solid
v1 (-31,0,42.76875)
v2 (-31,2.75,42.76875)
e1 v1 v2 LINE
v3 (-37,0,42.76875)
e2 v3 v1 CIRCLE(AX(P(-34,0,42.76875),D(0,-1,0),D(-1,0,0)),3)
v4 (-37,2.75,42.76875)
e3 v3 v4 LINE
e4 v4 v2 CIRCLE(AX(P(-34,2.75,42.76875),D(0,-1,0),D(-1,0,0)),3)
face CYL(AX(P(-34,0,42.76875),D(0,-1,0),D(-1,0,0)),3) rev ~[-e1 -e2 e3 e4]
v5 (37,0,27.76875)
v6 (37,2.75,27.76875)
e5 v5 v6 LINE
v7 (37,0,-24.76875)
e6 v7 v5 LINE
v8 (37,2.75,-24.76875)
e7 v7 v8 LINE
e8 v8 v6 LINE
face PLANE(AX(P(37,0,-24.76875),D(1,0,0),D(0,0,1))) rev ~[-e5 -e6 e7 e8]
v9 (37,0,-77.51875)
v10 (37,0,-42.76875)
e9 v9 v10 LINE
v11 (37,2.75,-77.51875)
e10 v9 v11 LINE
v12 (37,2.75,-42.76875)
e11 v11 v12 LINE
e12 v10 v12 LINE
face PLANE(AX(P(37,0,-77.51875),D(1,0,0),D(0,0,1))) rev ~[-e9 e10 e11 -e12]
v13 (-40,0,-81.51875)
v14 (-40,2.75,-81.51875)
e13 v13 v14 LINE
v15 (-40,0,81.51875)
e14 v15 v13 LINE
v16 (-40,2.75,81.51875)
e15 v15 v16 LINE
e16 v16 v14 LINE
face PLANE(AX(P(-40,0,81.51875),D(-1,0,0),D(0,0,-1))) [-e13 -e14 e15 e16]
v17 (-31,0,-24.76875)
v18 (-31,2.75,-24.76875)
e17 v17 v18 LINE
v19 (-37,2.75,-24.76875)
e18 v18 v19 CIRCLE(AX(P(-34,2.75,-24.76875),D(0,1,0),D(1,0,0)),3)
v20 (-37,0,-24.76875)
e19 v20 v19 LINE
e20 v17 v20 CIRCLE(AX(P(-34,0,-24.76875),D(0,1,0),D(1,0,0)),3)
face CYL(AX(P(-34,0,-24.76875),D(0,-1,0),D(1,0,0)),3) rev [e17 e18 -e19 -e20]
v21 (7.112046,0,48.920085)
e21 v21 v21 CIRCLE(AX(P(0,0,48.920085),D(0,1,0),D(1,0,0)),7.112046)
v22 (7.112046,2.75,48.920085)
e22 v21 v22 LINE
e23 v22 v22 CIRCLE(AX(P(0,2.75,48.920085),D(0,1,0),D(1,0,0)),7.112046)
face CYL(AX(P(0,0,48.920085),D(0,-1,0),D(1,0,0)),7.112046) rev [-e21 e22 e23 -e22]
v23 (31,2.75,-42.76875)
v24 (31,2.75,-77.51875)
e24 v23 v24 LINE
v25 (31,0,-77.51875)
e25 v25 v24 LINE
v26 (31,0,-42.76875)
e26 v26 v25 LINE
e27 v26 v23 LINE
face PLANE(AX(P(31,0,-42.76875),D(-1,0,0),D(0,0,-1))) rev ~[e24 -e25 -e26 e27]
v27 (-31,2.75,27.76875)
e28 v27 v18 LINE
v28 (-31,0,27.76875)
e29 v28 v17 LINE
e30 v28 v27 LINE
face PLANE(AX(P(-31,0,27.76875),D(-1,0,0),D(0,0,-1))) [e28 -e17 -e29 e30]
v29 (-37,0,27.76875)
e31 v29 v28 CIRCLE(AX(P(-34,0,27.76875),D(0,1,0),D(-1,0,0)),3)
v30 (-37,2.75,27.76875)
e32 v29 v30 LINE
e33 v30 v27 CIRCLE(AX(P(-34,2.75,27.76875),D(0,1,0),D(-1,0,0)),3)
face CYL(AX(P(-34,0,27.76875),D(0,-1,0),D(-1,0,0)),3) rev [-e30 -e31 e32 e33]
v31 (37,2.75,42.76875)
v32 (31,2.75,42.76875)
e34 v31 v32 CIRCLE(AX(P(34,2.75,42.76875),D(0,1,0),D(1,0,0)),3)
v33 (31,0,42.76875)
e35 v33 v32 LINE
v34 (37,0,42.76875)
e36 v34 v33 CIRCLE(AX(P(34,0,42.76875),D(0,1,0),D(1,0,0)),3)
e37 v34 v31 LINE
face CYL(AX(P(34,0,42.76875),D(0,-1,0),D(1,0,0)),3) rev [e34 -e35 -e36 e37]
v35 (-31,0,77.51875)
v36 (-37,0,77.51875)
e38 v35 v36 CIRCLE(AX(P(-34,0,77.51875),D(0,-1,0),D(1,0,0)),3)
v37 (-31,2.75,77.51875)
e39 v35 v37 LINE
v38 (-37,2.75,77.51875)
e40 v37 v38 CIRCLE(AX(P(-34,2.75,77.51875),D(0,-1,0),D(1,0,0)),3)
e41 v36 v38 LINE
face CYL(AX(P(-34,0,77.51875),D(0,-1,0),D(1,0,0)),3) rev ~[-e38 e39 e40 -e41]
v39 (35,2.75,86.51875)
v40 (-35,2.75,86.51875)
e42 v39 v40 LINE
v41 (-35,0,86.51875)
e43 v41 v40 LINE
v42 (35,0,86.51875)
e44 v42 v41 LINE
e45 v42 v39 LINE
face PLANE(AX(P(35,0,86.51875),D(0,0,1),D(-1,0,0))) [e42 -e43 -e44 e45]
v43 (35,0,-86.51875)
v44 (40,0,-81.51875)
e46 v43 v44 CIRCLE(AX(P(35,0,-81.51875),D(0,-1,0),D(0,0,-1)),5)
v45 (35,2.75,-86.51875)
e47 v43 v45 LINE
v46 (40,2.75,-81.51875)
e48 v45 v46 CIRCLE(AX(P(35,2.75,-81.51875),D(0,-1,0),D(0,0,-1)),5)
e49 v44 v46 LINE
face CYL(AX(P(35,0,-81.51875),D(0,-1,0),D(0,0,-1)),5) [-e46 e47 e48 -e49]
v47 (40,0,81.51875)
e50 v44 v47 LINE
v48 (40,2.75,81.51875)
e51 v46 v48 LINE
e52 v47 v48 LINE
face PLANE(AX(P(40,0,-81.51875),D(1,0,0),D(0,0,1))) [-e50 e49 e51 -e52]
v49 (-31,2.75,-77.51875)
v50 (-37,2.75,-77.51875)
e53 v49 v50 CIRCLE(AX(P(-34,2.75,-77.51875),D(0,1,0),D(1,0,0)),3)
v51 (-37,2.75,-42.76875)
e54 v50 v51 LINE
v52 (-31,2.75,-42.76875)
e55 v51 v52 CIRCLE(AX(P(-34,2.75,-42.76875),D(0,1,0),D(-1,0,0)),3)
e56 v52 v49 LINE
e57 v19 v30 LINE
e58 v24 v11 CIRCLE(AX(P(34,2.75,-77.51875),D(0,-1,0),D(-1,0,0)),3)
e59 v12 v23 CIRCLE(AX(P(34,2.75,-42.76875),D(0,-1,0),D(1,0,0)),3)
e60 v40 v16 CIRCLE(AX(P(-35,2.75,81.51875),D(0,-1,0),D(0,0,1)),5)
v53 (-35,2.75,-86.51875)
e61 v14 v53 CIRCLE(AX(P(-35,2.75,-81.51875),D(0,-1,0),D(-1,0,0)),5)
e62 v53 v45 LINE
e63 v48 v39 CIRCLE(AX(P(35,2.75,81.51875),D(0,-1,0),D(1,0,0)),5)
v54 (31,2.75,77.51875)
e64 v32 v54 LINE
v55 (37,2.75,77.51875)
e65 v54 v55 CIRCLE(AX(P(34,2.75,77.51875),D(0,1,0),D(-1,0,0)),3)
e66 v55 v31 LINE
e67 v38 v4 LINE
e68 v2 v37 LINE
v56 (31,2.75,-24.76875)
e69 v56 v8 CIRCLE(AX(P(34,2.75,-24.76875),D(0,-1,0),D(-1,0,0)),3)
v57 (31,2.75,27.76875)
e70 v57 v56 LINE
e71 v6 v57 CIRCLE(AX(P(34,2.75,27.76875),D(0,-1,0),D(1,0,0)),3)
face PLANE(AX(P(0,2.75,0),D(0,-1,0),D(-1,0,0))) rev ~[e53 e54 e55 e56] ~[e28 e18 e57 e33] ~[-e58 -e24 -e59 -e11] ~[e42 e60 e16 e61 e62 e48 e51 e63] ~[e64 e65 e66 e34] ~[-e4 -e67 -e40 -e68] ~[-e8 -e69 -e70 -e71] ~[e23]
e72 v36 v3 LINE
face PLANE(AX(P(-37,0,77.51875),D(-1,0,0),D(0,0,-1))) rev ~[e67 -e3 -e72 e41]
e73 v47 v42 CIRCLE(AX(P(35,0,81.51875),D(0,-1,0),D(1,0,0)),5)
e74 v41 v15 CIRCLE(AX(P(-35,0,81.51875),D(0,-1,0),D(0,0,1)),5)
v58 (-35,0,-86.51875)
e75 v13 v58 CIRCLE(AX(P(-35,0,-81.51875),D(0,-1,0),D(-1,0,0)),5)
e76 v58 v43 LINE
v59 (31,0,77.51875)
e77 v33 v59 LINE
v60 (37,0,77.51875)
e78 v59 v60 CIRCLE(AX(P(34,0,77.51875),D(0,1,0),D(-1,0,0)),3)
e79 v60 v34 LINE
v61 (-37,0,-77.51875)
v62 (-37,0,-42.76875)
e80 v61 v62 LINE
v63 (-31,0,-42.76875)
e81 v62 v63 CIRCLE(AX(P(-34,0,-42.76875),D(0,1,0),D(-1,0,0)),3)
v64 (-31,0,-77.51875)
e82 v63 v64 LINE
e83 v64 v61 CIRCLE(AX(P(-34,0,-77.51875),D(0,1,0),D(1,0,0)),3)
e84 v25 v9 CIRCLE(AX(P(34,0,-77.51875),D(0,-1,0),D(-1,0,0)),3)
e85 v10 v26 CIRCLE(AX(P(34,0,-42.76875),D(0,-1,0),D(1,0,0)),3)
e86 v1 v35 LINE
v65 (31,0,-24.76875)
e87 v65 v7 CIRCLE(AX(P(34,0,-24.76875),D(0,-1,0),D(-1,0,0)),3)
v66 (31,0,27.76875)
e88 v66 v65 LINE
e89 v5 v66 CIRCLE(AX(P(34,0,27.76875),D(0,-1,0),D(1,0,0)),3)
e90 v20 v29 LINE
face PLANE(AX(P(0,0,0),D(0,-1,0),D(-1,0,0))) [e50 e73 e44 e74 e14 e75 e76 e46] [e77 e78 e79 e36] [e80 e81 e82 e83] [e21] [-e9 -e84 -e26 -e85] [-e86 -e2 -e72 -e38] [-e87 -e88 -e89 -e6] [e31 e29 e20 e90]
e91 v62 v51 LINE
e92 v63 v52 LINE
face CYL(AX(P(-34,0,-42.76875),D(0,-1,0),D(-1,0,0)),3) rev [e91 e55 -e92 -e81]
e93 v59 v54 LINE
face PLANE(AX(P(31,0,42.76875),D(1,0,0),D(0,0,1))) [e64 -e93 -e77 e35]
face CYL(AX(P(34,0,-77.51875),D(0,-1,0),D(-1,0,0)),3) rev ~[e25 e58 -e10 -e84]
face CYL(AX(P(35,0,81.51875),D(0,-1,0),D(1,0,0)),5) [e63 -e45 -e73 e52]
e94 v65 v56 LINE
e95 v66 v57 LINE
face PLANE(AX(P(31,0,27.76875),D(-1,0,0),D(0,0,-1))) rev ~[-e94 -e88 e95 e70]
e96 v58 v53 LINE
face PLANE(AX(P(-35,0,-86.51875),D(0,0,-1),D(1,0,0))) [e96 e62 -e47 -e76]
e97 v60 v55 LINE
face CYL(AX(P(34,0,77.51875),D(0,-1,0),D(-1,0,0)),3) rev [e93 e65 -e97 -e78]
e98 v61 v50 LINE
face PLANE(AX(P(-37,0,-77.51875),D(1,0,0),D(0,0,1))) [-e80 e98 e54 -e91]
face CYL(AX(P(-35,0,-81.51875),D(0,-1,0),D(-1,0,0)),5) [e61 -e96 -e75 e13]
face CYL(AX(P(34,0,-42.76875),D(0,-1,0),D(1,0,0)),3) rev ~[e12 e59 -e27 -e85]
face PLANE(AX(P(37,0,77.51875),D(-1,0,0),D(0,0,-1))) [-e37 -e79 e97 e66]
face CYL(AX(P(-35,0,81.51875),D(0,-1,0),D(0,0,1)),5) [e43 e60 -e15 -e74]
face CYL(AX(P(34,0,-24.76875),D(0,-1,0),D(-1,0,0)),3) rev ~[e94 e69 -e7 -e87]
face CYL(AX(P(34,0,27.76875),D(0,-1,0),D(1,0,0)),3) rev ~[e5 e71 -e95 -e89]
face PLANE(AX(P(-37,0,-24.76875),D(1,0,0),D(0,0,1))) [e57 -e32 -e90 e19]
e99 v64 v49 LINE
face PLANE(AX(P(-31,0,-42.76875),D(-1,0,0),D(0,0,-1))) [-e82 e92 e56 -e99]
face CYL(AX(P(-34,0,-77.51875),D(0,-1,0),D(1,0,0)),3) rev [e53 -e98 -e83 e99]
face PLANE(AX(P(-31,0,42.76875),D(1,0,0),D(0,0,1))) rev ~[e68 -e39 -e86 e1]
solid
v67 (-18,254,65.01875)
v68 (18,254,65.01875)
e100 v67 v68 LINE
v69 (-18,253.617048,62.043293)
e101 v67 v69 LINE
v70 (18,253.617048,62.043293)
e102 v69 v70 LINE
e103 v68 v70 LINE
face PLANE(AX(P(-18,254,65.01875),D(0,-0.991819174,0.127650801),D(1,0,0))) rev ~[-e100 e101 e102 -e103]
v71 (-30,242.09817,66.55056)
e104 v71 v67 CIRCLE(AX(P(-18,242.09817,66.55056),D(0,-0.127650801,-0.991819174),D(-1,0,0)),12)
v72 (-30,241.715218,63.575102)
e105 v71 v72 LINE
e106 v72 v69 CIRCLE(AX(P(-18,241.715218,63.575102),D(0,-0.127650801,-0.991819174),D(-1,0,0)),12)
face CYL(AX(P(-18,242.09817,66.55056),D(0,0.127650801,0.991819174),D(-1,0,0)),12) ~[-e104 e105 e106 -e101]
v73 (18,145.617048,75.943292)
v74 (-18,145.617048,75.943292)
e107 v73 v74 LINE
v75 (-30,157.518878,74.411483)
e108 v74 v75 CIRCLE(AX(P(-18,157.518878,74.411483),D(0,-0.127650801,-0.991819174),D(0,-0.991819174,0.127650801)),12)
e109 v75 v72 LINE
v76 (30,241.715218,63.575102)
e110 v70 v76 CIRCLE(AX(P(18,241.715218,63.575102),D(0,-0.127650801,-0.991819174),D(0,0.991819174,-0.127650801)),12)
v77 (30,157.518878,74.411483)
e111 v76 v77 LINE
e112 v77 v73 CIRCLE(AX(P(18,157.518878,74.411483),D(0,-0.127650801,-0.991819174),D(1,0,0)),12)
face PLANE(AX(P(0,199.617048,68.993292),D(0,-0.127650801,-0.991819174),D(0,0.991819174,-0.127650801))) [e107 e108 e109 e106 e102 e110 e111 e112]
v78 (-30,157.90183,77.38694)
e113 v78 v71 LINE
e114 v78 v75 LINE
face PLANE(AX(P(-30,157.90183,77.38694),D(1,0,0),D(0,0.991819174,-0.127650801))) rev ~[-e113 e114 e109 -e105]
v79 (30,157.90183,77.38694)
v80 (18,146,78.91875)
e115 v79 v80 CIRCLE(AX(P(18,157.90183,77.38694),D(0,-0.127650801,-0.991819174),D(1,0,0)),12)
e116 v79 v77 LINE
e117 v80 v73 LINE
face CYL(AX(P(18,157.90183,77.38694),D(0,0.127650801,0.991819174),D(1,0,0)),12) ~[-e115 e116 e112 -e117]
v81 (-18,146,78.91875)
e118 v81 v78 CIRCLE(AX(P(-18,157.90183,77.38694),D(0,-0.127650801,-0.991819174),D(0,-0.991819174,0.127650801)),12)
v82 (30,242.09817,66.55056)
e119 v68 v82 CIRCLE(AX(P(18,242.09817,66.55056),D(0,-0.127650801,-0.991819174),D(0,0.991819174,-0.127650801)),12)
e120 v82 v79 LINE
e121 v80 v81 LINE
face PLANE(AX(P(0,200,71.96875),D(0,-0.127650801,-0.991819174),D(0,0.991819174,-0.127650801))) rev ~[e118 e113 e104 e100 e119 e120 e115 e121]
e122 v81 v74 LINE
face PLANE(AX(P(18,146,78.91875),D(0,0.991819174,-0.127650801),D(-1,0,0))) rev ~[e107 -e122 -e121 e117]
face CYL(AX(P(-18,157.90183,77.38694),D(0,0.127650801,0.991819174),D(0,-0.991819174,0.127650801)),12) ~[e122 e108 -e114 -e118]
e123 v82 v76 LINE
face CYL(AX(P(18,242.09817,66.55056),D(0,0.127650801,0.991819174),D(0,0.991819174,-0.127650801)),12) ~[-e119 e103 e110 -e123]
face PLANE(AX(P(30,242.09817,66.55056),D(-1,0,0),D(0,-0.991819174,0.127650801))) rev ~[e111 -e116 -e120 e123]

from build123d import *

# Parameters (mm, degrees)
SKETCH1_R           = 7.112045721
BOSS_EXTRUDE1_DEPTH = 2.75
BOSS_EXTRUDE2_DEPTH = 3


with BuildPart() as part:
    # Sketch1 → Boss-Extrude1 (new body)
    with BuildSketch(Plane(origin=(0, 0, 0), x_dir=(1, 0, 0), z_dir=(0, 1, 0))):
        with BuildLine():
            Line((-35, 86.51875), (35, 86.51875))
            ThreePointArc((35, 86.51875), (38.535533906, 85.054283906), (40, 81.51875))
            Line((40, 81.51875), (40, -81.51875))
            ThreePointArc((40, -81.51875), (38.535533906, -85.054283906), (35, -86.51875))
            Line((35, -86.51875), (-35, -86.51875))
            ThreePointArc((-35, -86.51875), (-38.535533906, -85.054283906), (-40, -81.51875))
            Line((-40, -81.51875), (-40, 81.51875))
            ThreePointArc((-40, 81.51875), (-38.535533906, 85.054283906), (-35, 86.51875))
        make_face()
        with Locations((0, -48.920084539)):
            Circle(SKETCH1_R, mode=Mode.SUBTRACT)
        with BuildLine():
            Line((37, 77.51875), (37, 42.76875))
            ThreePointArc((37, 42.76875), (34, 39.76875), (31, 42.76875))
            Line((31, 42.76875), (31, 77.51875))
            ThreePointArc((31, 77.51875), (34, 80.51875), (37, 77.51875))
        make_face(mode=Mode.SUBTRACT)
        with BuildLine():
            Line((-37, 77.51875), (-37, 42.76875))
            ThreePointArc((-37, 42.76875), (-34, 39.76875), (-31, 42.76875))
            Line((-31, 42.76875), (-31, 77.51875))
            ThreePointArc((-31, 77.51875), (-34, 80.51875), (-37, 77.51875))
        make_face(mode=Mode.SUBTRACT)
        with BuildLine():
            Line((37, -77.51875), (37, -42.76875))
            ThreePointArc((37, -42.76875), (34, -39.76875), (31, -42.76875))
            Line((31, -42.76875), (31, -77.51875))
            ThreePointArc((31, -77.51875), (34, -80.51875), (37, -77.51875))
        make_face(mode=Mode.SUBTRACT)
        with BuildLine():
            Line((-37, -77.51875), (-37, -42.76875))
            ThreePointArc((-37, -42.76875), (-34, -39.76875), (-31, -42.76875))
            Line((-31, -42.76875), (-31, -77.51875))
            ThreePointArc((-31, -77.51875), (-34, -80.51875), (-37, -77.51875))
        make_face(mode=Mode.SUBTRACT)
        with BuildLine():
            Line((37, 24.76875), (37, -27.76875))
            ThreePointArc((37, -27.76875), (34, -30.76875), (31, -27.76875))
            Line((31, -27.76875), (31, 24.76875))
            ThreePointArc((31, 24.76875), (34, 27.76875), (37, 24.76875))
        make_face(mode=Mode.SUBTRACT)
        with BuildLine():
            Line((-37, 24.76875), (-37, -27.76875))
            ThreePointArc((-37, -27.76875), (-34, -30.76875), (-31, -27.76875))
            Line((-31, -27.76875), (-31, 24.76875))
            ThreePointArc((-31, 24.76875), (-34, 27.76875), (-37, 24.76875))
        make_face(mode=Mode.SUBTRACT)
    extrude(amount=BOSS_EXTRUDE1_DEPTH)


with BuildPart() as body_2:
    # Sketch3 → Boss-Extrude2 (new body)
    with BuildSketch(Plane(origin=(0, 12.370657811, 96.117341263), x_dir=(0, -0.991819174, 0.127650801), z_dir=(0, 0.127650801, 0.991819174))):
        with BuildLine():
            Line((-231.622374558, 30), (-146.731557682, 30))
            ThreePointArc((-146.731557682, 30), (-138.246276308, 26.485281374), (-134.731557682, 18))
            Line((-134.731557682, 18), (-134.731557682, -18))
            ThreePointArc((-134.731557682, -18), (-138.246276308, -26.485281374), (-146.731557682, -30))
            Line((-146.731557682, -30), (-231.622374558, -30))
            ThreePointArc((-231.622374558, -30), (-240.107655932, -26.485281374), (-243.622374558, -18))
            Line((-243.622374558, -18), (-243.622374558, 18))
            ThreePointArc((-243.622374558, 18), (-240.107655932, 26.485281374), (-231.622374558, 30))
        make_face()
    extrude(amount=-BOSS_EXTRUDE2_DEPTH)


solid = Compound([part.part, body_2.part])
